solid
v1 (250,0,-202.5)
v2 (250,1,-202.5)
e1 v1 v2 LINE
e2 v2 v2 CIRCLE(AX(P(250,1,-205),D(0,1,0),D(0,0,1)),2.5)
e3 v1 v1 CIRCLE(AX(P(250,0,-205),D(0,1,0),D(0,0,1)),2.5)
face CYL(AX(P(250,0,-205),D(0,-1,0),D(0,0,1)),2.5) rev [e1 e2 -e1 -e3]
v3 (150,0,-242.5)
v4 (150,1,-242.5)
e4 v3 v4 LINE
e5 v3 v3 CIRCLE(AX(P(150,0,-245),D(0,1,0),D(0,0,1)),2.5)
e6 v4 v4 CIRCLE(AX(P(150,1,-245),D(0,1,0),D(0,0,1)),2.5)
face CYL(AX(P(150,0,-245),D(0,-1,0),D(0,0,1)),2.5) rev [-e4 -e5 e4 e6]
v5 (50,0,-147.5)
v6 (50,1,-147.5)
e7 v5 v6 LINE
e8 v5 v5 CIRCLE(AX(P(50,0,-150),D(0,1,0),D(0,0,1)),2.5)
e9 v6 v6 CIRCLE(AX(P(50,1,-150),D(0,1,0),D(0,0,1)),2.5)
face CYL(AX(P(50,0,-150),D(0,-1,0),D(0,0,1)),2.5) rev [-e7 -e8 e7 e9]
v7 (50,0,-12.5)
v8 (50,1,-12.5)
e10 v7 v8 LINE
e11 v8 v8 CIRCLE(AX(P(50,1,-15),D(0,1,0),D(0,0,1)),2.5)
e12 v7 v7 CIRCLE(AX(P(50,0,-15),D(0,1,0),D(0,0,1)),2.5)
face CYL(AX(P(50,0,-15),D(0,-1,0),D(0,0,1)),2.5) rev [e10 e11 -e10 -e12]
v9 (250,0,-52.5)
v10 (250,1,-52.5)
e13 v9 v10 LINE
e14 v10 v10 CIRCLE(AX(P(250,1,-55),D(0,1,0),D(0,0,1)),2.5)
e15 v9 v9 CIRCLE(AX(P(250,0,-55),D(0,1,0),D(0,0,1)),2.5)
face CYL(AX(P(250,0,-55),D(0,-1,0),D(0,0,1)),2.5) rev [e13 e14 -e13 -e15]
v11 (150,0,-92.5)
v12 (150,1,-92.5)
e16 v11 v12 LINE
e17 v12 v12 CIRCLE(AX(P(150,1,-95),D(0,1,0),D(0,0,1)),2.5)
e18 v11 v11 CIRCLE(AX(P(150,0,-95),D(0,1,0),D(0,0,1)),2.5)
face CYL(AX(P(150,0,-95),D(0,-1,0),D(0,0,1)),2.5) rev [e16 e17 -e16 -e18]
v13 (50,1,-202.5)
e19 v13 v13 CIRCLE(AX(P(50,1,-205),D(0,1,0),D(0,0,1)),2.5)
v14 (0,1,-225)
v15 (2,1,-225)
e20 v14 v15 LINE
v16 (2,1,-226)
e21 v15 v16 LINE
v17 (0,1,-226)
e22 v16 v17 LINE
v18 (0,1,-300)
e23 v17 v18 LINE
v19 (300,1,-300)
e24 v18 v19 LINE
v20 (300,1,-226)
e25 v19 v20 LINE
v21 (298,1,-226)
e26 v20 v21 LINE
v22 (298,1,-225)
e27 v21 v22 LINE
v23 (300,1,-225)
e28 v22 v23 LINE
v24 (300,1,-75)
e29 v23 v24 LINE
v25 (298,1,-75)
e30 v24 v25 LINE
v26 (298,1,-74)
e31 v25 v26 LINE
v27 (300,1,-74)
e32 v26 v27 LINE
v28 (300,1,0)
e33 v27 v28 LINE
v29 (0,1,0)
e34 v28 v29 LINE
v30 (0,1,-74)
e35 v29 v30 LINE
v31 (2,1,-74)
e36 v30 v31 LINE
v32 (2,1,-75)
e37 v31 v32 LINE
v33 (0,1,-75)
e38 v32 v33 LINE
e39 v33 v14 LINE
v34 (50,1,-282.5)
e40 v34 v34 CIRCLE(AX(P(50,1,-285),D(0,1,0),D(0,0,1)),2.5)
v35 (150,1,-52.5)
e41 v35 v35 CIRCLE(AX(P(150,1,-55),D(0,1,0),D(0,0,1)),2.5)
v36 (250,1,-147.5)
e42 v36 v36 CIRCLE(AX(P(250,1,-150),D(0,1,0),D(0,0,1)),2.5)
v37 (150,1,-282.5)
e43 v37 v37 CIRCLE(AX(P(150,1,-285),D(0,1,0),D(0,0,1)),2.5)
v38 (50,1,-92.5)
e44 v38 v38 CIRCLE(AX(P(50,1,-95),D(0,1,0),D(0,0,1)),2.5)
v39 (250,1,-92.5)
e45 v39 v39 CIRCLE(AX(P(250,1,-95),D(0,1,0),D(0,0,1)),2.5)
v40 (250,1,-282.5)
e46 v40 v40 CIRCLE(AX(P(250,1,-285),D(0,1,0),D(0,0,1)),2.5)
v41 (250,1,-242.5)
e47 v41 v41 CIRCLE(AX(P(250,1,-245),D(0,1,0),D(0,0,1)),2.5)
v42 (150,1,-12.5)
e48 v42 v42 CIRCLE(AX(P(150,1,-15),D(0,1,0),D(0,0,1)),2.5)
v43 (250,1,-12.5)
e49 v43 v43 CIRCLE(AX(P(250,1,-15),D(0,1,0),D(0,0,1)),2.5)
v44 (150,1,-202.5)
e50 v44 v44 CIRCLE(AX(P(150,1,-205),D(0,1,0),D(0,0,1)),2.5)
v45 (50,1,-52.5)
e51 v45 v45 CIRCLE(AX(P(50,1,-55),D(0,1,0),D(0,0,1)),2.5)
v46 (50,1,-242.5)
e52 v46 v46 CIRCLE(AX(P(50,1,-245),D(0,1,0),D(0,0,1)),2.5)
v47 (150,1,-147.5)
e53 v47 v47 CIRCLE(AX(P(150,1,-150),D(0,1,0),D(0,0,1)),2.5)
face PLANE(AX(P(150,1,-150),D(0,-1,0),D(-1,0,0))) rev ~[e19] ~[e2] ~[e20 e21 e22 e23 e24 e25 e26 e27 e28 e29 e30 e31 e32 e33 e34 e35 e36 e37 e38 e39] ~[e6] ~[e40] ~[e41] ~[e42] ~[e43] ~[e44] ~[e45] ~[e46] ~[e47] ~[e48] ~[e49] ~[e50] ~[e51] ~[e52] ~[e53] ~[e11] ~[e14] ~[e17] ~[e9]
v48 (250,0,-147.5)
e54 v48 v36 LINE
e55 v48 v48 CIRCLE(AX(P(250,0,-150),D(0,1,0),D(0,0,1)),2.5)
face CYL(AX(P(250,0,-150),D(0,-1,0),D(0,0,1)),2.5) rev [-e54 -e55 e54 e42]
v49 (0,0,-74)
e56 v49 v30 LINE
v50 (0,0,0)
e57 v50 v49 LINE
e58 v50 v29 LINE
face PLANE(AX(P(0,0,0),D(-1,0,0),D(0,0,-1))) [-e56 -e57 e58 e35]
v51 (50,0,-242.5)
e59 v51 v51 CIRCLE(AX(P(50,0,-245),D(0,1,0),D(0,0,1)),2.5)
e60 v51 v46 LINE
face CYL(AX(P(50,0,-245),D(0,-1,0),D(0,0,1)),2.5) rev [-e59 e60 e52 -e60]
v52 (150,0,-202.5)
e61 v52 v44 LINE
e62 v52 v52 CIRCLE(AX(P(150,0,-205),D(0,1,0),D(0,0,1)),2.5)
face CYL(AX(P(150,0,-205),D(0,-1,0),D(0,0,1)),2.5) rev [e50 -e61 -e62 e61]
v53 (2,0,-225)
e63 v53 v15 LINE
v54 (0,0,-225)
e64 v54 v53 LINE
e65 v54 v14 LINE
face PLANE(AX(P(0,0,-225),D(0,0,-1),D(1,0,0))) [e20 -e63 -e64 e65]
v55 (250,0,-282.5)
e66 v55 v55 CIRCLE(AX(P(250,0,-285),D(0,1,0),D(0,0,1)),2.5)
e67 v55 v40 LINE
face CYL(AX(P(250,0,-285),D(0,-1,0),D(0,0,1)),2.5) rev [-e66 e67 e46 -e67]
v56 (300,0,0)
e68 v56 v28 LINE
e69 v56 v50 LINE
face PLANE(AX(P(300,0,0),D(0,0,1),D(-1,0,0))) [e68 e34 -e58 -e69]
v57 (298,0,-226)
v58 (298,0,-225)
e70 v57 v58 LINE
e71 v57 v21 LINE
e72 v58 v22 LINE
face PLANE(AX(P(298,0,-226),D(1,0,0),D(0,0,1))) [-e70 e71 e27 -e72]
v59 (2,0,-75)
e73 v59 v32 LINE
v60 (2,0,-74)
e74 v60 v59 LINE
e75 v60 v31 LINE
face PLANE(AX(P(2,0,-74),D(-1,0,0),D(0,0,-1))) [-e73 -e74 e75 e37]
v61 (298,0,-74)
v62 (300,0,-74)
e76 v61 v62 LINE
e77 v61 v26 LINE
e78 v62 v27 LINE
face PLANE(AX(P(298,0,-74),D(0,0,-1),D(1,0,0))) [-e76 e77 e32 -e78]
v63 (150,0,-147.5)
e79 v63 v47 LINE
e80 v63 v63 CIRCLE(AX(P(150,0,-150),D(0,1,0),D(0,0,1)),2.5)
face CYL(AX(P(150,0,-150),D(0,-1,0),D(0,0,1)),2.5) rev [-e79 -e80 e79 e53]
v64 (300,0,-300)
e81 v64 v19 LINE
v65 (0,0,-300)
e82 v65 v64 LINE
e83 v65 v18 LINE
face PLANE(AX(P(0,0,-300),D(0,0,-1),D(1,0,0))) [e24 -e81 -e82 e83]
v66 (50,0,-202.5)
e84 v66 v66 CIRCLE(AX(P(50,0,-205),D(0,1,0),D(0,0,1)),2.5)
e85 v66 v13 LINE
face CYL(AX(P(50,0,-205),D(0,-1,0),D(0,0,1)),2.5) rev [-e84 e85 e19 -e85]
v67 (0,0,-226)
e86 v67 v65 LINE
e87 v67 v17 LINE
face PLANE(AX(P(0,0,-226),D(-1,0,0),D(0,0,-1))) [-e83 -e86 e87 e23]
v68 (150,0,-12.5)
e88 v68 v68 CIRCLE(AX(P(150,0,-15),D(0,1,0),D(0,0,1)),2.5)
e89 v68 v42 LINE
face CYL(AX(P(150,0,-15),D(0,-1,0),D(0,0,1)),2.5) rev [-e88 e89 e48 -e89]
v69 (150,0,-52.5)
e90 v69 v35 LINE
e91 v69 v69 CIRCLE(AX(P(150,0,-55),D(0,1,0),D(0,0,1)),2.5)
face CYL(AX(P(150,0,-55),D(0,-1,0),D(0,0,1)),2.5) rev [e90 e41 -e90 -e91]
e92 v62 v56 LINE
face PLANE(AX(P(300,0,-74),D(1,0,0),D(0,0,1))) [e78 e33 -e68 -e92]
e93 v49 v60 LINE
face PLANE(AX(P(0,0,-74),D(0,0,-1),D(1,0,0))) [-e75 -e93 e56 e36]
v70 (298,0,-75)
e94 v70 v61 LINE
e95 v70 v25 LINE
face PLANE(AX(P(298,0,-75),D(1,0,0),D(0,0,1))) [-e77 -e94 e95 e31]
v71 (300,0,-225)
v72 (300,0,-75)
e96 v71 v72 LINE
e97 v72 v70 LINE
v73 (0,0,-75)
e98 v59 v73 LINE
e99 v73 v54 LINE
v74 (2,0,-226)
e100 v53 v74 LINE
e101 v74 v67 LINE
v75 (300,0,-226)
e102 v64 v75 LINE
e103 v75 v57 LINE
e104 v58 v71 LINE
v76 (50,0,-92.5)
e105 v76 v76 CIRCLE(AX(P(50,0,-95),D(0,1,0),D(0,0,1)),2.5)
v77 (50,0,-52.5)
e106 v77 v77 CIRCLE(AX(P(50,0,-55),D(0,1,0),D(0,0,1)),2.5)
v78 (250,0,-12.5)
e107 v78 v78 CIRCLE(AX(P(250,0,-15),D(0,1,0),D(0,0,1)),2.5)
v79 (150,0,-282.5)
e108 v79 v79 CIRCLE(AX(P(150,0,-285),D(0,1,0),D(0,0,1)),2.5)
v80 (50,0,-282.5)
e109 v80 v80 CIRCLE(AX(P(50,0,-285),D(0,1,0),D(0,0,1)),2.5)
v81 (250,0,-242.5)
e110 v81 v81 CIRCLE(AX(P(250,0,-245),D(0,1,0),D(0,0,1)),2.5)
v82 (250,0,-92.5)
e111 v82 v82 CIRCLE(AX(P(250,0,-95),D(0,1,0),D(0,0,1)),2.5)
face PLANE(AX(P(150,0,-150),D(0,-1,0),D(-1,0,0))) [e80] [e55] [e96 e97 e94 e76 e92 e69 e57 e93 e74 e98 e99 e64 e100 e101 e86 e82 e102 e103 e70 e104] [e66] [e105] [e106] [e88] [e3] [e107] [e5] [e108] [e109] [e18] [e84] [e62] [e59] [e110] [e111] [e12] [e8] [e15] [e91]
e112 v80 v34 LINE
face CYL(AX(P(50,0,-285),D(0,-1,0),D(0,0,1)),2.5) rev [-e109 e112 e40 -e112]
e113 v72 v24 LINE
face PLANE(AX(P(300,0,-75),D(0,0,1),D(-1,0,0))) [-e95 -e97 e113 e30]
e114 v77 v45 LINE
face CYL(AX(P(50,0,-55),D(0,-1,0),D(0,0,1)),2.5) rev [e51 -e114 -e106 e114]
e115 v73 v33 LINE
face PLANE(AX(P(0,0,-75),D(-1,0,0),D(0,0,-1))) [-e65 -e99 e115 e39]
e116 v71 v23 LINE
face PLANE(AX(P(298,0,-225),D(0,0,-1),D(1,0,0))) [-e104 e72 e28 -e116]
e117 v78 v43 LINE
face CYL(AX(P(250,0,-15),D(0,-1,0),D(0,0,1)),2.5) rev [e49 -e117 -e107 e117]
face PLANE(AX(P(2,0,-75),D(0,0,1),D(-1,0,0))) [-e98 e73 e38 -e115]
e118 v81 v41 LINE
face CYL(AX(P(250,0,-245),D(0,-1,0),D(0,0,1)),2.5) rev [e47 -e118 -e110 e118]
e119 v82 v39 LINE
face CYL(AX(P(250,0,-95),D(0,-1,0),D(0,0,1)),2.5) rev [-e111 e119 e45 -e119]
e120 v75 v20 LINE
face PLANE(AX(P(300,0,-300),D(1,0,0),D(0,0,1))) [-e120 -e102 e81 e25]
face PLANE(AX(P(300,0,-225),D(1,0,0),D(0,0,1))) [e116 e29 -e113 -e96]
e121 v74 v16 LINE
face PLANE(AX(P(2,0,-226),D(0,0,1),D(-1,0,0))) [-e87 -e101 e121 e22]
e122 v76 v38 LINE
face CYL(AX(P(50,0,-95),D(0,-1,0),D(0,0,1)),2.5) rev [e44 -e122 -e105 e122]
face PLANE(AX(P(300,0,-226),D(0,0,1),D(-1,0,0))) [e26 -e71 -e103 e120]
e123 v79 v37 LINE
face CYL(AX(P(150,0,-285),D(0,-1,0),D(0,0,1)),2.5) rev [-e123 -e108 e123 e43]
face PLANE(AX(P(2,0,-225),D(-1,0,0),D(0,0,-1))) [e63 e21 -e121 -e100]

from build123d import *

# Parameters (mm, degrees)
SKETCH1_R           = 2.5
BOSS_EXTRUDE1_DEPTH = 1


with BuildPart() as part:
    # Sketch1 → Boss-Extrude1 (new body)
    with BuildSketch(Plane(origin=(0, 0, 0), x_dir=(1, 0, 0), z_dir=(0, 1, 0))):
        Polygon((0, 0), (0, 74), (2, 74), (2, 75), (0, 75), (0, 225), (2, 225), (2, 226), (0, 226), (0, 300), (300, 300), (300, 226), (298, 226), (298, 225), (300, 225), (300, 75), (298, 75), (298, 74), (300, 74), (300, 0), align=None)
        with Locations(Location((50, 285, 0), (0, 0, 270))):
            Circle(SKETCH1_R, mode=Mode.SUBTRACT)
        with Locations(Location((50, 245, 0), (0, 0, 270))):
            Circle(SKETCH1_R, mode=Mode.SUBTRACT)
        with Locations(Location((50, 205, 0), (0, 0, 270))):
            Circle(SKETCH1_R, mode=Mode.SUBTRACT)
        with Locations(Location((50, 150, 0), (0, 0, 270))):
            Circle(SKETCH1_R, mode=Mode.SUBTRACT)
        with Locations(Location((50, 95, 0), (0, 0, 270))):
            Circle(SKETCH1_R, mode=Mode.SUBTRACT)
        with Locations(Location((50, 55, 0), (0, 0, 270))):
            Circle(SKETCH1_R, mode=Mode.SUBTRACT)
        with Locations(Location((50, 15, 0), (0, 0, 270))):
            Circle(SKETCH1_R, mode=Mode.SUBTRACT)
        with Locations(Location((150, 15, 0), (0, 0, 270))):
            Circle(SKETCH1_R, mode=Mode.SUBTRACT)
        with Locations(Location((150, 55, 0), (0, 0, 270))):
            Circle(SKETCH1_R, mode=Mode.SUBTRACT)
        with Locations(Location((150, 95, 0), (0, 0, 270))):
            Circle(SKETCH1_R, mode=Mode.SUBTRACT)
        with Locations(Location((150, 150, 0), (0, 0, 270))):
            Circle(SKETCH1_R, mode=Mode.SUBTRACT)
        with Locations(Location((150, 205, 0), (0, 0, 270))):
            Circle(SKETCH1_R, mode=Mode.SUBTRACT)
        with Locations(Location((150, 245, 0), (0, 0, 270))):
            Circle(SKETCH1_R, mode=Mode.SUBTRACT)
        with Locations(Location((150, 285, 0), (0, 0, 270))):
            Circle(SKETCH1_R, mode=Mode.SUBTRACT)
        with Locations(Location((250, 15, 0), (0, 0, 270))):
            Circle(SKETCH1_R, mode=Mode.SUBTRACT)
        with Locations(Location((250, 55, 0), (0, 0, 270))):
            Circle(SKETCH1_R, mode=Mode.SUBTRACT)
        with Locations(Location((250, 95, 0), (0, 0, 270))):
            Circle(SKETCH1_R, mode=Mode.SUBTRACT)
        with Locations(Location((250, 150, 0), (0, 0, 270))):
            Circle(SKETCH1_R, mode=Mode.SUBTRACT)
        with Locations(Location((250, 205, 0), (0, 0, 270))):
            Circle(SKETCH1_R, mode=Mode.SUBTRACT)
        with Locations(Location((250, 245, 0), (0, 0, 270))):
            Circle(SKETCH1_R, mode=Mode.SUBTRACT)
        with Locations(Location((250, 285, 0), (0, 0, 270))):
            Circle(SKETCH1_R, mode=Mode.SUBTRACT)
    extrude(amount=BOSS_EXTRUDE1_DEPTH)


solid = part.part
